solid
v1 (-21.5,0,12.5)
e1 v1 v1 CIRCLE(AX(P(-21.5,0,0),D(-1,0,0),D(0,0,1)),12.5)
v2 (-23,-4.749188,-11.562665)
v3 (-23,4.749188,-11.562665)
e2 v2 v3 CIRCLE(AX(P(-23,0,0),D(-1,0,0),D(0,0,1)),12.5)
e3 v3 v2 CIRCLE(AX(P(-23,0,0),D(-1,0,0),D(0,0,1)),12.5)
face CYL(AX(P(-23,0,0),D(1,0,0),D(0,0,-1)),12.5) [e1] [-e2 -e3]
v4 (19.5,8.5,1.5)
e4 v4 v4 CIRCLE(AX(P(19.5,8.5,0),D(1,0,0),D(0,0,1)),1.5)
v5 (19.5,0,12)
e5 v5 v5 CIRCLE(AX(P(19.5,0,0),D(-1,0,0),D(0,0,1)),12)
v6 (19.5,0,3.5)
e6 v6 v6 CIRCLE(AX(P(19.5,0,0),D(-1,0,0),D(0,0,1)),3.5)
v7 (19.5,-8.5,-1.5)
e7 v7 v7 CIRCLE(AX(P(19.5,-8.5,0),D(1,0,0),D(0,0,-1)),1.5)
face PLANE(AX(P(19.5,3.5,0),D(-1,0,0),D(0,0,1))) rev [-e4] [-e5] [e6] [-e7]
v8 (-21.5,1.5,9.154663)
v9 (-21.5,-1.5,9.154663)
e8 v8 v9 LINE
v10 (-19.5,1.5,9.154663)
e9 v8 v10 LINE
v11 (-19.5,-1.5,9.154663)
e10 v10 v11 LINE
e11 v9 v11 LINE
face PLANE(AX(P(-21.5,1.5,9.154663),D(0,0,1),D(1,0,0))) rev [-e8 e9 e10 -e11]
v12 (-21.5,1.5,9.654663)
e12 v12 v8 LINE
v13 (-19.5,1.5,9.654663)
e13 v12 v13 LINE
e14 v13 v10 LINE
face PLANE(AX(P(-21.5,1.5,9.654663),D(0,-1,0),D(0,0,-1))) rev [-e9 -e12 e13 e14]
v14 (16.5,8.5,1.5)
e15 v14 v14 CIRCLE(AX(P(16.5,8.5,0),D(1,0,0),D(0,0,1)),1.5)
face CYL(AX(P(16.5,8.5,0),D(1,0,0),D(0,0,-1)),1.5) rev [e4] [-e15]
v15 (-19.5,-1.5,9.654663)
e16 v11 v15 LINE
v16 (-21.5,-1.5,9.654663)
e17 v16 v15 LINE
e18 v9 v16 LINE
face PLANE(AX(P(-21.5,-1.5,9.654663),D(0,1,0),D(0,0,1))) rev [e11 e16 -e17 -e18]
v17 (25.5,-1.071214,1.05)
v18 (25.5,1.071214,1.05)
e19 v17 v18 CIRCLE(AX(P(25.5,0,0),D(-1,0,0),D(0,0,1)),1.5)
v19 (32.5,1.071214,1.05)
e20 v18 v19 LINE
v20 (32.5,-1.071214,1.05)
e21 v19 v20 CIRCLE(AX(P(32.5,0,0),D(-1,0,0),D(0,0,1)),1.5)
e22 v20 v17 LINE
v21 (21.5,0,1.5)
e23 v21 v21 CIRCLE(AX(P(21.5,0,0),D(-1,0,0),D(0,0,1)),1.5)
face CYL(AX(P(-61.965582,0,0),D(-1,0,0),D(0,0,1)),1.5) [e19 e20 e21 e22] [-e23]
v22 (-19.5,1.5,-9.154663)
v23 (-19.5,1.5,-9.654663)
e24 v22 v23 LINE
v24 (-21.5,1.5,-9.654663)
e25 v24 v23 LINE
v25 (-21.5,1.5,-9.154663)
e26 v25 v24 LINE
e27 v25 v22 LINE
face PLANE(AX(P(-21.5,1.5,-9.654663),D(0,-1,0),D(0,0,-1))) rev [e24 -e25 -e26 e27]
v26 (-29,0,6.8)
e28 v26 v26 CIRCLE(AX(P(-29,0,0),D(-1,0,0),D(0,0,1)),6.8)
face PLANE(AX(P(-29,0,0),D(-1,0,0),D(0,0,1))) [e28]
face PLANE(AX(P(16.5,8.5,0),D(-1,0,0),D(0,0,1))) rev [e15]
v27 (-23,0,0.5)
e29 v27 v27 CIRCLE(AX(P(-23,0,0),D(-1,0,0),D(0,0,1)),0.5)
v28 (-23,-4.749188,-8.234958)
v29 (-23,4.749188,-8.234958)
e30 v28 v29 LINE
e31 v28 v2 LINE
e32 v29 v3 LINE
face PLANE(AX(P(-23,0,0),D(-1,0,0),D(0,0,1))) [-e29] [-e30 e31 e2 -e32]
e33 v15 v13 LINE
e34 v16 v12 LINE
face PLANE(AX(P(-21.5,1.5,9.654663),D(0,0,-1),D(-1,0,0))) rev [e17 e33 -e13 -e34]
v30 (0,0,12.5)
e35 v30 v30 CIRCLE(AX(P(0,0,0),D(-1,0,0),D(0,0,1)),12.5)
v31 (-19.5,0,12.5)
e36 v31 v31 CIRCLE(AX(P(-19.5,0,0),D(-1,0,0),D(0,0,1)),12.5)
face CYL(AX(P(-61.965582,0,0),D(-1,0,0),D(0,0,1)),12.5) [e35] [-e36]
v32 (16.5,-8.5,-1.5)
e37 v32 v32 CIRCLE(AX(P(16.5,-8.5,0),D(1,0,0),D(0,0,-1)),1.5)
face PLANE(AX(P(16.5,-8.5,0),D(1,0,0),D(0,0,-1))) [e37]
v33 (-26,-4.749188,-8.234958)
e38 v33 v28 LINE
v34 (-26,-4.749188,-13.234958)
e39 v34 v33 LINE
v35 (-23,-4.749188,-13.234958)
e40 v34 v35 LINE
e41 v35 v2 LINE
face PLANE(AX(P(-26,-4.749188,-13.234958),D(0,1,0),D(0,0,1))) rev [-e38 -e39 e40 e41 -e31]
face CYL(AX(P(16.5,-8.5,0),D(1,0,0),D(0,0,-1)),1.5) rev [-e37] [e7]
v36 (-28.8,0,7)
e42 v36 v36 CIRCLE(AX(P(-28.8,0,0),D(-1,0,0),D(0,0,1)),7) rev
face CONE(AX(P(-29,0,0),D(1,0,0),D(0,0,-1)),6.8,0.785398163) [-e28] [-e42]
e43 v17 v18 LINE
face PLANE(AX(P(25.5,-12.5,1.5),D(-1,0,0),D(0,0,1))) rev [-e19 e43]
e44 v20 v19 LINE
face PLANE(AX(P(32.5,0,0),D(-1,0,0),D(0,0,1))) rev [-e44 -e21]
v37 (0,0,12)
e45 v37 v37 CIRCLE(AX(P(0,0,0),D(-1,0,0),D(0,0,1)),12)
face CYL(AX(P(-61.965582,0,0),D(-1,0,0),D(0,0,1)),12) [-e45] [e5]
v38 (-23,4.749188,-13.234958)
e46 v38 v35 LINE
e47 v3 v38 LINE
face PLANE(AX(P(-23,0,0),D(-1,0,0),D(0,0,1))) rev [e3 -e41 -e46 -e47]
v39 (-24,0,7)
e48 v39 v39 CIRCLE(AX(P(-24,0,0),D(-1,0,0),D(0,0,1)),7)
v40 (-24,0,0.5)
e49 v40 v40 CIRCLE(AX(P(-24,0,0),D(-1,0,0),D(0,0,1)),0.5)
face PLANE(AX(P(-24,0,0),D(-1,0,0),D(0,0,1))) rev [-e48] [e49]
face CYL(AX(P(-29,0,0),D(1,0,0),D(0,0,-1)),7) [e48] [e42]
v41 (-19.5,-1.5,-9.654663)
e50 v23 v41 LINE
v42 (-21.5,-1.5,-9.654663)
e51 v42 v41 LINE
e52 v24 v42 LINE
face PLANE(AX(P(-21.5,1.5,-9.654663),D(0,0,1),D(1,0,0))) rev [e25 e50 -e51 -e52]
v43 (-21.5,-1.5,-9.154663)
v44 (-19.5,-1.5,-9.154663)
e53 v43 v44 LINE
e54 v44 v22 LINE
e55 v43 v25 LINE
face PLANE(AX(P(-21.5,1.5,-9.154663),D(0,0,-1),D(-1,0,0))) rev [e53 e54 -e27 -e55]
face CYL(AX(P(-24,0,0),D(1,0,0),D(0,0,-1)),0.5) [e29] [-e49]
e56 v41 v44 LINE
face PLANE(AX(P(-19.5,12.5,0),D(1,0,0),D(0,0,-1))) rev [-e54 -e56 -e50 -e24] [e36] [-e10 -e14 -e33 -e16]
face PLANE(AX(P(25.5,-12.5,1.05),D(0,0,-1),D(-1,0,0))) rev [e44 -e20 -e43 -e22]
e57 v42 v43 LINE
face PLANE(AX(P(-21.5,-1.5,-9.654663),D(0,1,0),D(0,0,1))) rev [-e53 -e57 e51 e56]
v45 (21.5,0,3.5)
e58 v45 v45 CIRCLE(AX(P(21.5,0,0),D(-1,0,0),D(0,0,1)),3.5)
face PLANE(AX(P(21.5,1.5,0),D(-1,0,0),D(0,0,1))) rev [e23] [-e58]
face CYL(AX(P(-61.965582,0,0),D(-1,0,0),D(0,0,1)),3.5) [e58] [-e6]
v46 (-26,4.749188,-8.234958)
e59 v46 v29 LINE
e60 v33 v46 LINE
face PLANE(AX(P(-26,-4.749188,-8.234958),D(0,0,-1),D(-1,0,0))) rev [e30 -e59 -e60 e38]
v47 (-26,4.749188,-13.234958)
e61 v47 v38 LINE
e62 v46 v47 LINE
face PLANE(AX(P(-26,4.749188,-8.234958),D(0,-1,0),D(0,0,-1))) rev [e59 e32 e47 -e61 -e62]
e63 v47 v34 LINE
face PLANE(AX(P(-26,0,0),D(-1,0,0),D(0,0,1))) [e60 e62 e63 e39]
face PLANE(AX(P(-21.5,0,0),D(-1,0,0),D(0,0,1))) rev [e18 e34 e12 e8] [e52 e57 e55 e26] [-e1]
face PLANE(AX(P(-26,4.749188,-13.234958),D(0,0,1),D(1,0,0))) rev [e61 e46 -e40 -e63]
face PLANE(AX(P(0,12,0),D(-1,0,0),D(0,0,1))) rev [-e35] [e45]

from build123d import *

# Parameters (mm, degrees)
SKETCH_2_R               = 1.5
CUT_EXTRUDE_1_DEPTH      = 3
SKETCH_3_W               = 0.5
SKETCH_3_H               = 3
EXTRUDE_1_DEPTH          = 2
EXTRUDE_START            = 1.5
SKETCH_4_R               = 12.5
EXTRUDE_2_DEPTH          = 1.5
SKETCH_5_R               = 0.5
EXTRUDE_3_DEPTH          = 1
SKETCH_6_R               = 7
EXTRUDE_4_DEPTH          = 5
SKETCH_7_W               = 5
SKETCH_7_H               = 9.498376428
EXTRUDE_5_DEPTH          = 3
CHAMFER_1_SIZE           = 0.2
CUT_EXTRUDE_2_DEPTH      = 38.251363929
CUT_EXTRUDE_2_DEPTH_BACK = 38.251363929
SKETCH_8_W               = 7
SKETCH_8_H               = 0.45


with BuildPart() as part:
    # 草图1 → 旋转1 (revolve)
    with BuildSketch(Plane.XY, mode=Mode.PRIVATE) as revolve_1_sk:
        Polygon((0, 12), (0, 12.5), (-19.5, 12.5), (-19.5, 0), (19.5, 0), (32.5, 0), (32.5, 1.5), (21.5, 1.5), (21.5, 3.5), (19.5, 3.5), (19.5, 12), align=None)
    revolve(revolve_1_sk.sketch.rotate(Axis((-61.965581957, 0, 0), (1, 0, 0)), 90), axis=Axis((-61.965581957, 0, 0), (1, 0, 0)))

    # 草图2 → 切除-拉伸1 (cut)
    with BuildSketch(Plane(origin=(19.5, 0, 0), x_dir=(0, 0, -1), z_dir=(1, 0, 0))):
        with Locations((0, -8.5)):
            Circle(SKETCH_2_R)
        with Locations(Location((0, 8.5, 0), (0, 0, 180))):
            Circle(SKETCH_2_R)
    extrude(amount=-CUT_EXTRUDE_1_DEPTH, mode=Mode.SUBTRACT)

    # 草图3 → 凸台-拉伸1 (add)
    with BuildSketch(Plane.ZY.offset(19.5)):
        with Locations((-9.404663304, 0)):
            Rectangle(SKETCH_3_W, SKETCH_3_H)
        with Locations((9.404663304, 0)):
            Rectangle(SKETCH_3_W, SKETCH_3_H)
    extrude(amount=EXTRUDE_1_DEPTH)

    # 草图4 → 凸台-拉伸2 (add)
    with BuildSketch(Plane.ZY.offset(21.5).offset(EXTRUDE_START)):
        Circle(SKETCH_4_R)
    extrude(amount=-EXTRUDE_2_DEPTH)

    # 草图5 → 凸台-拉伸3 (add)
    with BuildSketch(Plane.ZY.offset(23)):
        Circle(SKETCH_5_R)
    extrude(amount=EXTRUDE_3_DEPTH)

    # 草图6 → 凸台-拉伸4 (add)
    with BuildSketch(Plane.ZY.offset(24)):
        Circle(SKETCH_6_R)
    extrude(amount=EXTRUDE_4_DEPTH)

    # 草图7 → 凸台-拉伸5 (add)
    with BuildSketch(Plane.ZY.offset(23)):
        with Locations((-10.734958049, 0)):
            Rectangle(SKETCH_7_W, SKETCH_7_H)
    extrude(amount=EXTRUDE_5_DEPTH)

    # 倒角1
    chamfer_1_edges = [part.edges().sort_by_distance(p)[0] for p in [
        (-29, 0, -7),
    ]]
    chamfer(chamfer_1_edges, length=CHAMFER_1_SIZE)

    # 草图8 → 切除-拉伸2 (cut, two sides: drawn at the far end of the back side and taken through both)
    with BuildSketch(Plane(origin=(0, 0, 0), x_dir=(1, 0, 0), z_dir=(0, 1, 0)).offset(-CUT_EXTRUDE_2_DEPTH_BACK)):
        with Locations((29, -1.275)):
            Rectangle(SKETCH_8_W, SKETCH_8_H)
    extrude(amount=CUT_EXTRUDE_2_DEPTH + CUT_EXTRUDE_2_DEPTH_BACK, mode=Mode.SUBTRACT)


solid = part.part
